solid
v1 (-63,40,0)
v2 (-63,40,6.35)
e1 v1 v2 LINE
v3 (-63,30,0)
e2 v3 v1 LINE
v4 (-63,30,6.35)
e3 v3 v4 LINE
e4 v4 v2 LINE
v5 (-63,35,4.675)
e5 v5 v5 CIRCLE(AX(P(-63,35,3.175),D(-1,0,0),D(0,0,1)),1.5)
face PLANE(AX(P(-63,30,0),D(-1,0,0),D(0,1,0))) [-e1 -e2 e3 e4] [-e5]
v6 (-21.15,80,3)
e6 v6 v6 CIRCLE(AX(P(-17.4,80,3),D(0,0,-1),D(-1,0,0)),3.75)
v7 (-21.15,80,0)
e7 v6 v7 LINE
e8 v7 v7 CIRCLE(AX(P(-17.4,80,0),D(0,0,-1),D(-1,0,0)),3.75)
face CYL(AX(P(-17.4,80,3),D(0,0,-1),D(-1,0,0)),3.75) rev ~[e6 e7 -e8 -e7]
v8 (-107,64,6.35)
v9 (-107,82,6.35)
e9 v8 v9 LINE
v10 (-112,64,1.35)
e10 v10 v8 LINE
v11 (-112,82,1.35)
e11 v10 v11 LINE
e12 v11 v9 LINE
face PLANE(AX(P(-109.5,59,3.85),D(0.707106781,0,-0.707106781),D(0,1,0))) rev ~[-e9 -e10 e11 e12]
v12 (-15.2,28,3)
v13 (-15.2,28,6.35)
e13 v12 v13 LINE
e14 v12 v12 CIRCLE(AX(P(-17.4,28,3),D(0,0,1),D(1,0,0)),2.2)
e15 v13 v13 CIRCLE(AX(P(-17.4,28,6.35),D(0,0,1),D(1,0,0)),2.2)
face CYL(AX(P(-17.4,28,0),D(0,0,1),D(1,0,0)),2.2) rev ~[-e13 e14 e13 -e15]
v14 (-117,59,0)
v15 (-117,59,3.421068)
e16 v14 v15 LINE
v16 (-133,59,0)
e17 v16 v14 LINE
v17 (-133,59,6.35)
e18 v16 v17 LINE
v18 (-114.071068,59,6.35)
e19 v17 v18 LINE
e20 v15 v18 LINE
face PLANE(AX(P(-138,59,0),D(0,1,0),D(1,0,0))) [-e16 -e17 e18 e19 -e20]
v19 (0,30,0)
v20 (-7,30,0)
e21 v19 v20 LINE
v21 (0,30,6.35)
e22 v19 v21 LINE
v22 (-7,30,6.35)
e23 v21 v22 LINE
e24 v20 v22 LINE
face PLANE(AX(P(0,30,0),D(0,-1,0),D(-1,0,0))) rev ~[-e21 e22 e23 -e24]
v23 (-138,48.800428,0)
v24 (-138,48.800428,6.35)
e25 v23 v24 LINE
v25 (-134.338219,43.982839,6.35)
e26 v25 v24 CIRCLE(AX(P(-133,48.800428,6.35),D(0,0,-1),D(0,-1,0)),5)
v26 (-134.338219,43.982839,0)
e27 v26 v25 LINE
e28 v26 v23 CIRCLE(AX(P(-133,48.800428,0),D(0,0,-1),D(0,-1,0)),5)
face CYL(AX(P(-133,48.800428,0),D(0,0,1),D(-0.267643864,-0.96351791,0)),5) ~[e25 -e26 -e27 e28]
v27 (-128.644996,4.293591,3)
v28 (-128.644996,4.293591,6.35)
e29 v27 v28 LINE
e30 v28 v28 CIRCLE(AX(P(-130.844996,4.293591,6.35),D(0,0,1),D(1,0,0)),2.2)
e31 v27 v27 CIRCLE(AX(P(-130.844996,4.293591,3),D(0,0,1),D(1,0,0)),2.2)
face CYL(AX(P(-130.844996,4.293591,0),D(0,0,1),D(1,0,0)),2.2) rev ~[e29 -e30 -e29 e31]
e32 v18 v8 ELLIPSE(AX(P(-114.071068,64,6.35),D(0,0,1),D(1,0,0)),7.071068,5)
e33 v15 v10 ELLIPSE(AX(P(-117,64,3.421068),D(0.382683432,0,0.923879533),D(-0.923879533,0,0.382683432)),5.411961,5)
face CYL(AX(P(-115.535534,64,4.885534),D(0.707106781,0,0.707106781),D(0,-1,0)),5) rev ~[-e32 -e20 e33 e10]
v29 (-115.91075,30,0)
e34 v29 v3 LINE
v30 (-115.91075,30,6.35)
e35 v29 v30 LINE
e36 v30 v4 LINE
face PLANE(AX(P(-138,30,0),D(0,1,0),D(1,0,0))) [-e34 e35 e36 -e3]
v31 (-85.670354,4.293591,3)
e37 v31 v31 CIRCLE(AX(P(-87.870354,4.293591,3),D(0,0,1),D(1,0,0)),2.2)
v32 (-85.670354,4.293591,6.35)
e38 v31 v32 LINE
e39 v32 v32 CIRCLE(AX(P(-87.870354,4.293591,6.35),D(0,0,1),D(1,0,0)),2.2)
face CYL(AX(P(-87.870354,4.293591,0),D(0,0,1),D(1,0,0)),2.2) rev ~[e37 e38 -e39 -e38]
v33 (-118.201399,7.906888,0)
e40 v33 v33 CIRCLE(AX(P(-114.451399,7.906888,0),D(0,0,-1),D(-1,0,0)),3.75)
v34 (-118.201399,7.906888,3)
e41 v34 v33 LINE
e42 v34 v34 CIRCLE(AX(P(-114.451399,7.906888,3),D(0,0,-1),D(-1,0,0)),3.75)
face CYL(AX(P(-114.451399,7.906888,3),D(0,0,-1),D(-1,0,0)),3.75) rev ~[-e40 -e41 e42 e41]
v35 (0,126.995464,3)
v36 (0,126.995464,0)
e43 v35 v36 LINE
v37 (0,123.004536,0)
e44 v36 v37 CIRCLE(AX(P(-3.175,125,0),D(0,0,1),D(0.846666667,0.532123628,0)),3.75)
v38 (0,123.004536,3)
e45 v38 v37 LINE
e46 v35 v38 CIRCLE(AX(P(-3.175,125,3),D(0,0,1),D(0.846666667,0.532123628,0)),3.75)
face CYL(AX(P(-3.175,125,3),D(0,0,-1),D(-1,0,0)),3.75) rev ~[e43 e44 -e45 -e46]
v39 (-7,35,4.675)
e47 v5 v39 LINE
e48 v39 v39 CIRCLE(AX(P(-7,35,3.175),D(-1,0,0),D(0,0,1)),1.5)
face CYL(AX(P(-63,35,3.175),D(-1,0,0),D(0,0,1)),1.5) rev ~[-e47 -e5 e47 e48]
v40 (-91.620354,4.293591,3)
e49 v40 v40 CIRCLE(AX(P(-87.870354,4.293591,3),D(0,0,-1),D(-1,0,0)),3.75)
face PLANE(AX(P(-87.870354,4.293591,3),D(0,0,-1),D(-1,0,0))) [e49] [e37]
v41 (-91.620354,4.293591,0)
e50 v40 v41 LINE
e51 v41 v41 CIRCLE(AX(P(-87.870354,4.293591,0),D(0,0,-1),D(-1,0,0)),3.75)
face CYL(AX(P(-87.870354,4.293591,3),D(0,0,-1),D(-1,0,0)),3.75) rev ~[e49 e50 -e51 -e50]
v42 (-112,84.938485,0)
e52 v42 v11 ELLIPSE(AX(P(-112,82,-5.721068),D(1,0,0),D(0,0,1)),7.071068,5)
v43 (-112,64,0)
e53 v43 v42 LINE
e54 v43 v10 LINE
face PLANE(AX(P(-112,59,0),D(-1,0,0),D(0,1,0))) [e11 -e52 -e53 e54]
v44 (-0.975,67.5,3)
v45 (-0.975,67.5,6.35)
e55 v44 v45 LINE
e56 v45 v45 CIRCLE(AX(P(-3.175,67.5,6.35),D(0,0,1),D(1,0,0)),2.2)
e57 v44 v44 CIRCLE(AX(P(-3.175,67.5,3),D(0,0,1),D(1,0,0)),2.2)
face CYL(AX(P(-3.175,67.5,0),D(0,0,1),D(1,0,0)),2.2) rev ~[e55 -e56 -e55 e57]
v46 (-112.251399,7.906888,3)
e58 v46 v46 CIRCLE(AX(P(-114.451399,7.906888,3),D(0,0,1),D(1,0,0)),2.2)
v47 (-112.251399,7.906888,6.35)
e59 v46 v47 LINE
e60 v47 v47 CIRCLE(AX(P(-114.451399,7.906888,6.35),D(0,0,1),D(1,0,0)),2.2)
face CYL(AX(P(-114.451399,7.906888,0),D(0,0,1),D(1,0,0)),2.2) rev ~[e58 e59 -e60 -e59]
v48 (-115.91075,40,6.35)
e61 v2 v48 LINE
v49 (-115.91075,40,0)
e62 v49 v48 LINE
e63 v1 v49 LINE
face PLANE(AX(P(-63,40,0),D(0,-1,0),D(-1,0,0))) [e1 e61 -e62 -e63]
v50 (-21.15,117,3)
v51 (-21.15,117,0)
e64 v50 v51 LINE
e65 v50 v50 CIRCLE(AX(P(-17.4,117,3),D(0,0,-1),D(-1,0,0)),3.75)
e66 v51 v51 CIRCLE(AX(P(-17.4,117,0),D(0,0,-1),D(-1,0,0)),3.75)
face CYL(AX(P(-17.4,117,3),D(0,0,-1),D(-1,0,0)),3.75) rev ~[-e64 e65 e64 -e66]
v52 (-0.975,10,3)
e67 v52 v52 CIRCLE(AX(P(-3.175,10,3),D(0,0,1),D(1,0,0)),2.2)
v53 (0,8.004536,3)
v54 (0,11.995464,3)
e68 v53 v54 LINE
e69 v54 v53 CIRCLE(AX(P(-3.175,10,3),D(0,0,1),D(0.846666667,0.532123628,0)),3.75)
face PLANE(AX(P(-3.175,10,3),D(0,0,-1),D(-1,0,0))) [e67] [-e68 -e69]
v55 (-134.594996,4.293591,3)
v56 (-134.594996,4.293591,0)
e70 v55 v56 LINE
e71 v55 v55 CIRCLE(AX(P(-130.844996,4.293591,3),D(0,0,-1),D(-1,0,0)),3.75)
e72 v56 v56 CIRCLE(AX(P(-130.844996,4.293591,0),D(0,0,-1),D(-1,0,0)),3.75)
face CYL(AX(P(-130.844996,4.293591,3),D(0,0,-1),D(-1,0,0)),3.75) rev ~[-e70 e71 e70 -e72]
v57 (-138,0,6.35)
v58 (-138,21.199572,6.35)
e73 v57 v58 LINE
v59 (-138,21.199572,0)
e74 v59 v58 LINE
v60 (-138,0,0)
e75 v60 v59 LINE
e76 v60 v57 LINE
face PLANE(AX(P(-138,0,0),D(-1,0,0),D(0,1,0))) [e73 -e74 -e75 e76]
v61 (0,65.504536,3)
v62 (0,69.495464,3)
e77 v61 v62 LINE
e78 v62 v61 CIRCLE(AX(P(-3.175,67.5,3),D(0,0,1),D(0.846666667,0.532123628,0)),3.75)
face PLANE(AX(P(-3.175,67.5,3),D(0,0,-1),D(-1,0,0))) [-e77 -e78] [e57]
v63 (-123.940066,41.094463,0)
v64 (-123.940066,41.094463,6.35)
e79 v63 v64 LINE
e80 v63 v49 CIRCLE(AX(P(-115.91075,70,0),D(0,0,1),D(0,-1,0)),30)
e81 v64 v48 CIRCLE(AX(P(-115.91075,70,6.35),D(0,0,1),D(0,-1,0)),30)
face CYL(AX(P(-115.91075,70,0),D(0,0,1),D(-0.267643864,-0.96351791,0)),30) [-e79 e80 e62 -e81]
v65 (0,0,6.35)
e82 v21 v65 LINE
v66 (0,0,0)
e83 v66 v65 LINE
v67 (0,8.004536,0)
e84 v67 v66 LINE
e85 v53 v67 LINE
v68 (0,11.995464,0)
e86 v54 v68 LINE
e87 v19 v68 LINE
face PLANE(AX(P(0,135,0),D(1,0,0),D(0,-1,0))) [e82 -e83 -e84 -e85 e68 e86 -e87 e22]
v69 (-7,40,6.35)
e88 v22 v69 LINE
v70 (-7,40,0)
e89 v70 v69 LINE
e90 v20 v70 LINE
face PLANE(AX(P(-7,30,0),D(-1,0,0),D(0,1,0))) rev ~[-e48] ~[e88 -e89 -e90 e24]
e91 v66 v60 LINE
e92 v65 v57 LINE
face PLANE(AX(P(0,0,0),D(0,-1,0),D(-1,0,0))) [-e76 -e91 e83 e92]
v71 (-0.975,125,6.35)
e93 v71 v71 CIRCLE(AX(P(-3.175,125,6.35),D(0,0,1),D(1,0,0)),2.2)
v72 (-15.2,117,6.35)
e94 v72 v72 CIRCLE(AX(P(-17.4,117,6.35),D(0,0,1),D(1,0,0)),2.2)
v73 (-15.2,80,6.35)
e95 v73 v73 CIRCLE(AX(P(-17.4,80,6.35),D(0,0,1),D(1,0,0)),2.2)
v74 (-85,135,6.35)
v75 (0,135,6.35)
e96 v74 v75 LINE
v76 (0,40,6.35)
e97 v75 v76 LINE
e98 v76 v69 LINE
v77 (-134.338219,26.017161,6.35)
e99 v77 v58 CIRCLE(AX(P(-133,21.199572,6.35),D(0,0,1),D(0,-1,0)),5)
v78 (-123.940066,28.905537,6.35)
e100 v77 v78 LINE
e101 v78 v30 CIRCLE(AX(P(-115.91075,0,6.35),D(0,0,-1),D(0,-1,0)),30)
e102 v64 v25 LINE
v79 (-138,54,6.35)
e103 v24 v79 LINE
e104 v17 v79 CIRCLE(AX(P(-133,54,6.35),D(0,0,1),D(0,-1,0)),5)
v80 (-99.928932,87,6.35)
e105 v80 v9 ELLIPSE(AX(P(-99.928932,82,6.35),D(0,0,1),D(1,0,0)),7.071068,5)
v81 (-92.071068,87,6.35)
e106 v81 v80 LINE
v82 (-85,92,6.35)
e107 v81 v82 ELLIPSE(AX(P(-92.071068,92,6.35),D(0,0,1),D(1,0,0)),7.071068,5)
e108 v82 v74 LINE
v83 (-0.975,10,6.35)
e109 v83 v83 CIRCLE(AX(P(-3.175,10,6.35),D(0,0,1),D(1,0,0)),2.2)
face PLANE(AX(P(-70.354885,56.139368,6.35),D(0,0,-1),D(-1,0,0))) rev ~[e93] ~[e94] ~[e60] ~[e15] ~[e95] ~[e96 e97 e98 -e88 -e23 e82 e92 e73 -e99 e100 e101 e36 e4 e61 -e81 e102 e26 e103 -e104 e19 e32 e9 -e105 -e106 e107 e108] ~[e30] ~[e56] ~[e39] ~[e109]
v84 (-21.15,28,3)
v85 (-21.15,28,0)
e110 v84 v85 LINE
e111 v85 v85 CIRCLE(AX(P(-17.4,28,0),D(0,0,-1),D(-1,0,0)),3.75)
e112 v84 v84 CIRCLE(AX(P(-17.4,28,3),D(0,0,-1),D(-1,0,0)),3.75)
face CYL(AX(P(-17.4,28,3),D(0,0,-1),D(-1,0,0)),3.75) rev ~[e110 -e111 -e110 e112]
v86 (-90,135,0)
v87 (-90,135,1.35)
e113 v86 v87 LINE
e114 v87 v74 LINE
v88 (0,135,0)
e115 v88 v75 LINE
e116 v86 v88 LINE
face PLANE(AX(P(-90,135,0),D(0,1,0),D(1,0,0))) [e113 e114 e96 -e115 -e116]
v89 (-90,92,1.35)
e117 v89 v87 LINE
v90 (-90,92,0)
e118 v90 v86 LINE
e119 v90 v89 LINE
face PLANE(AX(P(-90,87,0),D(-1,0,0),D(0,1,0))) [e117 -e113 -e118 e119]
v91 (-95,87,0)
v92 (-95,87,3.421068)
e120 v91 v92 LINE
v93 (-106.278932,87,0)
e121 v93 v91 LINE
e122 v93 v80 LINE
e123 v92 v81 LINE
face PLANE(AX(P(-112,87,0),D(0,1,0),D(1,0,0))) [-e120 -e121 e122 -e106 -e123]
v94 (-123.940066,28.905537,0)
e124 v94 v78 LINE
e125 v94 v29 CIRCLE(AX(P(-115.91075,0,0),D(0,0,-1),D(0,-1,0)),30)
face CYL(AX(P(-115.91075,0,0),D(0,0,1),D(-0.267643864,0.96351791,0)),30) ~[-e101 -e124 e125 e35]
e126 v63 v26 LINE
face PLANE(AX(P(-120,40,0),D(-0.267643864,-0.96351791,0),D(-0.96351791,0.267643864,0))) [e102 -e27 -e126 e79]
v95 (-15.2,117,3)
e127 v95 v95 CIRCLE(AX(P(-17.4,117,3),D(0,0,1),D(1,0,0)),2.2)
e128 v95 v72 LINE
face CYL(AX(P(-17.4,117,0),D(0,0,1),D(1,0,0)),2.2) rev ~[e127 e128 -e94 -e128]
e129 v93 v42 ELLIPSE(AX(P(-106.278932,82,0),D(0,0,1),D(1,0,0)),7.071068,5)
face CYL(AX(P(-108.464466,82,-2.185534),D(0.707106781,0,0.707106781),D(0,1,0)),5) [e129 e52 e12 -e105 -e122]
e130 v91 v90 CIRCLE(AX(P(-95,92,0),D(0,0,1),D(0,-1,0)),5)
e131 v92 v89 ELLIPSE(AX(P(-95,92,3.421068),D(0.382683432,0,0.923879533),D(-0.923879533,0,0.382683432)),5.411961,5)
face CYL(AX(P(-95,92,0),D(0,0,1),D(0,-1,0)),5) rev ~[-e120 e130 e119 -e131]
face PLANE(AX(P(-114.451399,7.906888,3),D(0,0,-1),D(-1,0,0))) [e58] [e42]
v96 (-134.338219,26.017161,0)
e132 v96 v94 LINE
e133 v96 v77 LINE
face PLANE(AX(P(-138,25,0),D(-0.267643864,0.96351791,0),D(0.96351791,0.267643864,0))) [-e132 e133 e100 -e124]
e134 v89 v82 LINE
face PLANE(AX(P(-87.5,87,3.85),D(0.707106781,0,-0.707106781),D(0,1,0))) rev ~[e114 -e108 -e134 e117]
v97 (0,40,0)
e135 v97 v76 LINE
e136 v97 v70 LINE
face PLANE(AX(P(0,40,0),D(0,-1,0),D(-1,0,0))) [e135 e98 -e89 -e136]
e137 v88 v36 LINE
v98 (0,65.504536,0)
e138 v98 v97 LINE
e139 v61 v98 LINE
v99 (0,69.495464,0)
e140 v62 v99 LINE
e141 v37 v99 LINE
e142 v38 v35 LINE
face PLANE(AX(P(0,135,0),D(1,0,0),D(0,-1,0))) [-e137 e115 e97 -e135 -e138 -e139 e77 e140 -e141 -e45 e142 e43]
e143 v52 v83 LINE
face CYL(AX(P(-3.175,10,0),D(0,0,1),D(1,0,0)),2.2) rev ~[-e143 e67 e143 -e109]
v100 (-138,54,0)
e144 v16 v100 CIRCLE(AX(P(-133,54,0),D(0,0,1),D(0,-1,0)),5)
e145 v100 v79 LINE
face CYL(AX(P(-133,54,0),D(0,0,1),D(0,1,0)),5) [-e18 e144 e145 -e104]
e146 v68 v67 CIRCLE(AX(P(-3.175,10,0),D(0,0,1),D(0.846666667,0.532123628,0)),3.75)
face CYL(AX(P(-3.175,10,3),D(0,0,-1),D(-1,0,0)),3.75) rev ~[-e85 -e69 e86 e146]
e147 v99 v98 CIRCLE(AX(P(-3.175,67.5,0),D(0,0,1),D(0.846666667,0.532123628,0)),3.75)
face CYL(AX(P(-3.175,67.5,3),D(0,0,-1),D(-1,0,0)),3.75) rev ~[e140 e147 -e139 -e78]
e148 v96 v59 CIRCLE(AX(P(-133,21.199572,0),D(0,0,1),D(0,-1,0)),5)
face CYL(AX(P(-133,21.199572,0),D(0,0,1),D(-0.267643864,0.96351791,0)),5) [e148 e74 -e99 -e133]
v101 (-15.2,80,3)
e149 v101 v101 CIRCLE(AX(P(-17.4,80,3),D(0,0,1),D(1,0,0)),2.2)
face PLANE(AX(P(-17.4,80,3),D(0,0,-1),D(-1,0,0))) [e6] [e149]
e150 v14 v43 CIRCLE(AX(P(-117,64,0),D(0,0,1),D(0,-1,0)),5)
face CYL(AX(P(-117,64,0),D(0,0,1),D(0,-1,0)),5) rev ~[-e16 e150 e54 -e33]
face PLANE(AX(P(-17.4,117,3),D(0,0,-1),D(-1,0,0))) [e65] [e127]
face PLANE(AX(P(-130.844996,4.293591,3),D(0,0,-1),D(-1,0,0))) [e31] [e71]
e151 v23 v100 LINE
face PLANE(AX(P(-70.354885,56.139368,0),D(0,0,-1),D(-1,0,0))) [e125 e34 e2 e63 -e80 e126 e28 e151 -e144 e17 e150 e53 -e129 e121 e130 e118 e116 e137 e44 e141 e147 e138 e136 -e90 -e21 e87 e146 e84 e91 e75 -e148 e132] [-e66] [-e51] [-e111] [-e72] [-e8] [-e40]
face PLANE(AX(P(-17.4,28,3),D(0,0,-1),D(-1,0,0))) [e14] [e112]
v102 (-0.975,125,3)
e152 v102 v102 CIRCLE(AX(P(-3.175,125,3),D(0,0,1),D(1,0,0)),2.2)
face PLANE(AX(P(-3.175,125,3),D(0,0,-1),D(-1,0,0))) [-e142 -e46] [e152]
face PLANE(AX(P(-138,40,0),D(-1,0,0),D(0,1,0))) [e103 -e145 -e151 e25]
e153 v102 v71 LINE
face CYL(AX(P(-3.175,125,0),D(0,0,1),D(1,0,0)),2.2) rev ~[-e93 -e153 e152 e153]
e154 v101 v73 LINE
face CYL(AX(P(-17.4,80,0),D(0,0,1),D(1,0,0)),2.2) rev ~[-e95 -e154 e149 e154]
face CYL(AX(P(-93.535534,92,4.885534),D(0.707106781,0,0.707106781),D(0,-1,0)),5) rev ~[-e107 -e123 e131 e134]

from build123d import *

# Parameters (mm, degrees)
BOSS_EXTRUDE1_DEPTH = 6.35
CUT_EXTRUDE1_DEPTH  = 194.156212688
SKETCH5_R           = 1.5
CUT_EXTRUDE2_DEPTH  = 155.564945897
FILLET1_R           = 30
CHAMFER1_SIZE       = 5
FILLET2_R           = 5
FILLET3_R           = 5
SKETCH6_W           = 7
SKETCH6_H           = 10
CUT_EXTRUDE3_DEPTH  = 194.156212688
HOLE1_D             = 4.4
HOLE1_CBORE_D       = 7.5
HOLE1_CBORE_DEPTH   = 3
HOLE2_D             = 4.4
HOLE2_CBORE_D       = 7.5
HOLE2_CBORE_DEPTH   = 3
FILLET4_R           = 5
HOLE3_D             = 4.4
HOLE3_CBORE_D       = 7.5
HOLE3_CBORE_DEPTH   = 3


with BuildPart() as part:
    # Sketch1 → Boss-Extrude1 (new body)
    with BuildSketch(Plane.XY):
        Polygon((0, 0), (-138, 0), (-138, 30), (-63, 30), (-63, 40), (-138, 40), (-138, 59), (-112, 59), (-112, 87), (-90, 87), (-90, 135), (0, 135), align=None)
    extrude(amount=BOSS_EXTRUDE1_DEPTH)

    # Sketch4 → Cut-Extrude1 (cut, through all)
    with BuildSketch(Plane(origin=(0, 0, 0), x_dir=(-1, 0, 0), z_dir=(0, 0, -1))):
        Polygon((120, 40), (138, 45), (138, 40), align=None)
        Polygon((120, 30), (138, 30), (138, 25), align=None)
    extrude(amount=-CUT_EXTRUDE1_DEPTH, mode=Mode.SUBTRACT)

    # Sketch5 → Cut-Extrude2 (cut, through all)
    with BuildSketch(Plane.ZY.offset(63)):
        with Locations((3.175, 35)):
            Circle(SKETCH5_R)
    extrude(amount=-CUT_EXTRUDE2_DEPTH, mode=Mode.SUBTRACT)

    # Fillet1
    fillet1_edges = [part.edges().sort_by_distance(p)[0] for p in [
        (-120, 40, 3.175),
        (-120, 30, 3.175),
    ]]
    fillet(fillet1_edges, radius=FILLET1_R)

    # Chamfer1
    chamfer1_edges = [part.edges().sort_by_distance(p)[0] for p in [
        (-90, 111, 6.35),
        (-112, 73, 6.35),
    ]]
    chamfer(chamfer1_edges, length=CHAMFER1_SIZE)

    # Fillet2
    fillet2_edges = [part.edges().sort_by_distance(p)[0] for p in [
        (-138, 59, 3.175),
        (-138, 45, 3.175),
        (-138, 25, 3.175),
    ]]
    fillet(fillet2_edges, radius=FILLET2_R)

    # Fillet3
    fillet3_edges = [part.edges().sort_by_distance(p)[0] for p in [
        (-112, 59, 0.675),
        (-90, 87, 0.675),
        (-109.5, 59, 3.85),
        (-87.5, 87, 3.85),
    ]]
    fillet(fillet3_edges, radius=FILLET3_R)

    # Sketch6 → Cut-Extrude3 (cut, through all)
    with BuildSketch(Plane(origin=(0, 0, 0), x_dir=(-1, 0, 0), z_dir=(0, 0, -1))):
        with Locations((3.5, 35)):
            Rectangle(SKETCH6_W, SKETCH6_H)
    extrude(amount=-CUT_EXTRUDE3_DEPTH, mode=Mode.SUBTRACT)

    # Hole1 (through all)
    with Locations(Plane(origin=(0, 0, 0), x_dir=(-1, 0, 0), z_dir=(0, 0, -1))):
        with Locations((3.175, 125), (3.175, 67.5), (3.175, 10)):
            CounterBoreHole(HOLE1_D / 2, HOLE1_CBORE_D / 2, HOLE1_CBORE_DEPTH)

    # Hole2 (through all)
    with Locations(Plane(origin=(0, 0, 0), x_dir=(-1, 0, 0), z_dir=(0, 0, -1))):
        with Locations((17.4, 117), (17.4, 80), (17.4, 28)):
            CounterBoreHole(HOLE2_D / 2, HOLE2_CBORE_D / 2, HOLE2_CBORE_DEPTH)

    # Fillet4
    fillet4_edges = [part.edges().sort_by_distance(p)[0] for p in [
        (-109.5, 87, 3.85),
    ]]
    fillet(fillet4_edges, radius=FILLET4_R)

    # Hole3 (through all)
    with Locations(Plane(origin=(0, 0, 0), x_dir=(-1, 0, 0), z_dir=(0, 0, -1))):
        with Locations((87.870353785, 4.293591352), (114.451398707, 7.906888356), (130.844995532, 4.293591352)):
            CounterBoreHole(HOLE3_D / 2, HOLE3_CBORE_D / 2, HOLE3_CBORE_DEPTH)


solid = part.part
